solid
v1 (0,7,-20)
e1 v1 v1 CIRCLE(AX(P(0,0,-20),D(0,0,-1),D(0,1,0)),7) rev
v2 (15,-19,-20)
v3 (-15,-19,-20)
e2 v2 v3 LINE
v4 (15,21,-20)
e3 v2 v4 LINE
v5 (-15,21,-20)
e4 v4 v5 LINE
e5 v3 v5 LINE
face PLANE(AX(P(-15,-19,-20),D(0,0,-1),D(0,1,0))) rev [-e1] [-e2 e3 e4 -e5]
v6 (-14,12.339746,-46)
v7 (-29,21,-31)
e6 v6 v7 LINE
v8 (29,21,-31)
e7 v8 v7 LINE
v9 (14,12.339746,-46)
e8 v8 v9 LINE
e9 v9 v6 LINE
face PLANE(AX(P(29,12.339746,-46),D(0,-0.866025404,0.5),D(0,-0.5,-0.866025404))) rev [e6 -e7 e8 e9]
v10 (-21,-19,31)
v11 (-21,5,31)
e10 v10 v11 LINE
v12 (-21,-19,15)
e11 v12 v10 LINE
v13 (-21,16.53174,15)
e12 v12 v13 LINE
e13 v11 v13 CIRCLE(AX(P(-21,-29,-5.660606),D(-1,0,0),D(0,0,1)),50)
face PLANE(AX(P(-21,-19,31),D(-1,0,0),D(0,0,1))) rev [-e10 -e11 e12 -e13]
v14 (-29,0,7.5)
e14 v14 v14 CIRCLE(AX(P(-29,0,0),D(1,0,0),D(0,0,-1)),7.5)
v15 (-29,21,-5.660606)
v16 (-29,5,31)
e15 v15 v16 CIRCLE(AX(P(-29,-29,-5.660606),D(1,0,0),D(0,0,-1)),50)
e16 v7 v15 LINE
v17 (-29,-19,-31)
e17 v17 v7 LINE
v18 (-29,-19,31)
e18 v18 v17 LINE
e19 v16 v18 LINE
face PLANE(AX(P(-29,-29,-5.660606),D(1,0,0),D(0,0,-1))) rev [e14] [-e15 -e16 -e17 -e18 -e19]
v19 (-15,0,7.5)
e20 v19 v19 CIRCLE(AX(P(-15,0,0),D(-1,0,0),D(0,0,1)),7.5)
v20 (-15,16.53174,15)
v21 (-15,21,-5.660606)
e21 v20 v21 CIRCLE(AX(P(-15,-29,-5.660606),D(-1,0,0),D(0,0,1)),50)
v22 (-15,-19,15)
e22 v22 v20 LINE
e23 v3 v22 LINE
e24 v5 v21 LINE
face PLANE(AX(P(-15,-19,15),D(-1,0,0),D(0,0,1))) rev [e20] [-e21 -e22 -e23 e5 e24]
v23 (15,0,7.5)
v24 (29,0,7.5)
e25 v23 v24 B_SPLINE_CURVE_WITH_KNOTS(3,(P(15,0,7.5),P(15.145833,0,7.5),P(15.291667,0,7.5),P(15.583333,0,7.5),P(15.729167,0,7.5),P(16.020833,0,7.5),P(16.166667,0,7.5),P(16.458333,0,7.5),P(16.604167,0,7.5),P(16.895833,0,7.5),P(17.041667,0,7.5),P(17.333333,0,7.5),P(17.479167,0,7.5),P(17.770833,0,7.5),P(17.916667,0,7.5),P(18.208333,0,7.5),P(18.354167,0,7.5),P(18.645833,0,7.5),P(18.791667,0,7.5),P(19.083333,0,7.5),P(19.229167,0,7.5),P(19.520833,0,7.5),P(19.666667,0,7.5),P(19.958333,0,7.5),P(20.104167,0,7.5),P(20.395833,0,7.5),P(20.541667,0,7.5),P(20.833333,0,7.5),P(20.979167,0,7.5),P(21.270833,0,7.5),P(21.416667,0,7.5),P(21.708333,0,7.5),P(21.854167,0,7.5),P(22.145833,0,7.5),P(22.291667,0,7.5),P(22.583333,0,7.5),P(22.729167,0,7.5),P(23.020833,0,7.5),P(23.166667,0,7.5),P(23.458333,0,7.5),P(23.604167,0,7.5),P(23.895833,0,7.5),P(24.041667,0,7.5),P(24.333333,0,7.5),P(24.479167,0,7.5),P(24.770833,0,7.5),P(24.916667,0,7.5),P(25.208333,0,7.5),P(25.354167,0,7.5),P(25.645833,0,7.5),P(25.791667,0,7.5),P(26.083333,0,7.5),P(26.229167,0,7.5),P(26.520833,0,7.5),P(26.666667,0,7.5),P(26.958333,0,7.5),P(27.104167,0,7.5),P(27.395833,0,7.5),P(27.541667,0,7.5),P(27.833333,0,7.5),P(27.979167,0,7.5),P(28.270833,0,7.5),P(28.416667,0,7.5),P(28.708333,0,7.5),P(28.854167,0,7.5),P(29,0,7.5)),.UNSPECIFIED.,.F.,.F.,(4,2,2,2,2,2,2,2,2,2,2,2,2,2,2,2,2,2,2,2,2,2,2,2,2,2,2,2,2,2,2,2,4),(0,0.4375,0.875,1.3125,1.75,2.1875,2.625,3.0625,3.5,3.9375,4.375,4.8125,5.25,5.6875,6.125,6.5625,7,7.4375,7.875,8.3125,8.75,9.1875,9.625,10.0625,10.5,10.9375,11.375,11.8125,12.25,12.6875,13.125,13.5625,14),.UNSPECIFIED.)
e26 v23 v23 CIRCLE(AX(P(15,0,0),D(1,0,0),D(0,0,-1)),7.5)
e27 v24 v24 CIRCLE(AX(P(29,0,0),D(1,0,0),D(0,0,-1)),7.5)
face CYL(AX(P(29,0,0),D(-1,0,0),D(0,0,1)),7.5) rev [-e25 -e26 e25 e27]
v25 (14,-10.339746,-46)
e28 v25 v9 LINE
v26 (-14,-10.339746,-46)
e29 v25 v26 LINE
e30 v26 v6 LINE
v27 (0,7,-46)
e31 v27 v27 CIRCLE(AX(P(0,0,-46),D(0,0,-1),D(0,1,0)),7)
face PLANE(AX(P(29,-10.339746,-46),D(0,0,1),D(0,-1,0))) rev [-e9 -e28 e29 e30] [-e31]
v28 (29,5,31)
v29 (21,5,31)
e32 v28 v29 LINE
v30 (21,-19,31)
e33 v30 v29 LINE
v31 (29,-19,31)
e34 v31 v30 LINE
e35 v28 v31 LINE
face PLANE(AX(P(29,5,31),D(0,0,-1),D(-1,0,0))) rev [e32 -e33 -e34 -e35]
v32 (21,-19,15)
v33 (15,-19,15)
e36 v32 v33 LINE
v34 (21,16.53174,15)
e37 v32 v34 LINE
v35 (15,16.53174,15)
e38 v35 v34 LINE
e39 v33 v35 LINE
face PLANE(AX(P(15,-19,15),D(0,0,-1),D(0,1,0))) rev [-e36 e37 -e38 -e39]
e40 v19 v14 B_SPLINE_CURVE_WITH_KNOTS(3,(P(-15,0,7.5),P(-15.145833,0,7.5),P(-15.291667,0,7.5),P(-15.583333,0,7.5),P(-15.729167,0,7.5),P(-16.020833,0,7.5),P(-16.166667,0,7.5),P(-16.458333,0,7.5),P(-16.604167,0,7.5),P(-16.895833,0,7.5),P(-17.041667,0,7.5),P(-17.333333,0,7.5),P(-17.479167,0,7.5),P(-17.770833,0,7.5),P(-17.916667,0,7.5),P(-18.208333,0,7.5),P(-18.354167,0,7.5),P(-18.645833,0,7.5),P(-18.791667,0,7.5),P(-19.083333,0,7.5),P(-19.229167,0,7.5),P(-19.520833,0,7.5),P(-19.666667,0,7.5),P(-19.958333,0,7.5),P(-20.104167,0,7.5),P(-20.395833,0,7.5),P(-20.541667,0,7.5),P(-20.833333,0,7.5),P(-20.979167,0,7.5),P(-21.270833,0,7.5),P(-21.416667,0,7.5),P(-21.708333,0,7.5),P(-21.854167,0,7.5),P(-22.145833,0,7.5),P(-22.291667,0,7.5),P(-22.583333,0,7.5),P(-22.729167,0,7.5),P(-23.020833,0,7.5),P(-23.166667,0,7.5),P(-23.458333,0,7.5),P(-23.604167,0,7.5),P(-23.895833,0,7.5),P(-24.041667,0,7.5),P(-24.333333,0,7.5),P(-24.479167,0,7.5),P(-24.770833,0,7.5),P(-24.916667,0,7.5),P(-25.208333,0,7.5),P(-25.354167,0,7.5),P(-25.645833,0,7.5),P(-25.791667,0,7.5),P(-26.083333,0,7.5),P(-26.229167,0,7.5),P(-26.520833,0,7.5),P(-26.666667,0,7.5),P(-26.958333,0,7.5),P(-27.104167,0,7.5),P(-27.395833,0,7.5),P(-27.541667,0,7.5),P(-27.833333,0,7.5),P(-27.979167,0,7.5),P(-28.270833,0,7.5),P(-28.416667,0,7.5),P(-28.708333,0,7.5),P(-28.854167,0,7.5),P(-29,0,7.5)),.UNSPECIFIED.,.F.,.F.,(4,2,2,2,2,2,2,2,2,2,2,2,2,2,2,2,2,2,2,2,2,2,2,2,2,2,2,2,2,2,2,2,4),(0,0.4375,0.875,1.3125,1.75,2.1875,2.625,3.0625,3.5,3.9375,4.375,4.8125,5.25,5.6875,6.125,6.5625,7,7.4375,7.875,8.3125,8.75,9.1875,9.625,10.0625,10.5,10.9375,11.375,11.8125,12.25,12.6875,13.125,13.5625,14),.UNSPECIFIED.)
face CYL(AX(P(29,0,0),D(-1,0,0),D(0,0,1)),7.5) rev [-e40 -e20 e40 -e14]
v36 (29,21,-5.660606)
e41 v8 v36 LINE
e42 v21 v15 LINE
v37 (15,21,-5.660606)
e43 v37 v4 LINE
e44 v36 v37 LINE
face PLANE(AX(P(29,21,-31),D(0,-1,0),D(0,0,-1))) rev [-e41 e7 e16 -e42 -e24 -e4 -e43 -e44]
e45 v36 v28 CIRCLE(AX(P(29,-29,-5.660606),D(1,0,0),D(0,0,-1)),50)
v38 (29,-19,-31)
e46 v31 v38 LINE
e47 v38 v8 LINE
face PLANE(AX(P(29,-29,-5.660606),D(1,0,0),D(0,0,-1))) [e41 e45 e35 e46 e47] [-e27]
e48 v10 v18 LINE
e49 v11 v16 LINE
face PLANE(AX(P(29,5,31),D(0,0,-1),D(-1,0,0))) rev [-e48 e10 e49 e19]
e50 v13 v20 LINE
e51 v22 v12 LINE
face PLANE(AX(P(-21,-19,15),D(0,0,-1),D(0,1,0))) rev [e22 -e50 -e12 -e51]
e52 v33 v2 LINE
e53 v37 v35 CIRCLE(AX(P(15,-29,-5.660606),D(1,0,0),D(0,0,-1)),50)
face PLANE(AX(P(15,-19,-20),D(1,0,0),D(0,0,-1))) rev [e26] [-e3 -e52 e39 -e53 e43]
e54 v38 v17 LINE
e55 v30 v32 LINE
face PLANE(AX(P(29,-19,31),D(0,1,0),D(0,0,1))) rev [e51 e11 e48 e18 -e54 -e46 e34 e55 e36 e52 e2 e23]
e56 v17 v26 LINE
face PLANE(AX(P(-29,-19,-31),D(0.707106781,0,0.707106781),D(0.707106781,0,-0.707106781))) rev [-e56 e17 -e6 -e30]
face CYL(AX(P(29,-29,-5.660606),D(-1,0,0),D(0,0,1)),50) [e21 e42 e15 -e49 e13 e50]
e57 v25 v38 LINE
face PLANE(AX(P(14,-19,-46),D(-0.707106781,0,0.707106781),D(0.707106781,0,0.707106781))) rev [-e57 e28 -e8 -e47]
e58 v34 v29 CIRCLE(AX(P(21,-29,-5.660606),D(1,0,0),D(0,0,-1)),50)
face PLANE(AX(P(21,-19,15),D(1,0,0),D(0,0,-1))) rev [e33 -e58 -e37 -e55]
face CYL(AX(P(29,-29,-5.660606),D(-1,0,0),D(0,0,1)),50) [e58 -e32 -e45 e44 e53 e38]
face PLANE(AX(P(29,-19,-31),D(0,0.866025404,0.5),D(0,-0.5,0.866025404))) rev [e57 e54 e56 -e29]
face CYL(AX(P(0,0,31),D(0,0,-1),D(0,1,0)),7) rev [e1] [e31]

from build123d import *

# Parameters (mm, degrees)
SKETCH1_R           = 7.5
BOSS_EXTRUDE1_DEPTH = 29
CUT_EXTRUDE1_DEPTH  = 68.505555327
SKETCH3_R           = 7
CUT_EXTRUDE2_DEPTH  = 85.917607126
CUT_EXTRUDE3_DEPTH  = 68.505555438


with BuildPart() as part:
    # Sketch1 → Boss-Extrude1 (new, symmetric)
    with BuildSketch(Plane(origin=(0, 0, 0), x_dir=(0, 0, -1), z_dir=(1, 0, 0))):
        with BuildLine():
            Line((-31, 5), (-31, -19))
            Line((-31, -19), (31, -19))
            Line((31, -19), (46, -10.339745962))
            Line((46, -10.339745962), (46, 12.339745962))
            Line((46, 12.339745962), (31, 21))
            Line((31, 21), (5.66060556, 21))
            ThreePointArc((5.66060556, 21), (-14.33939444, 16.82575695), (-31, 5))
        make_face()
        with Locations(Location((0, 0, 0), (0, 0, 180))):
            Circle(SKETCH1_R, mode=Mode.SUBTRACT)
    extrude(amount=BOSS_EXTRUDE1_DEPTH, both=True)

    # Sketch2 → Cut-Extrude1 (cut, through all)
    with BuildSketch(Plane(origin=(0, 21, 0), x_dir=(1, 0, 0), z_dir=(0, 1, 0))):
        Polygon((-29, 31), (-14, 46), (-29, 46), align=None)
        Polygon((29, 31), (29, 46), (14, 46), align=None)
    extrude(amount=-CUT_EXTRUDE1_DEPTH, mode=Mode.SUBTRACT)

    # Sketch3 → Cut-Extrude2 (cut, through all)
    with BuildSketch(Plane(origin=(0, 0, -46), x_dir=(-1, 0, 0), z_dir=(0, 0, -1))):
        with Locations(Location((0, 0, 0), (0, 0, 90))):
            Circle(SKETCH3_R)
    extrude(amount=-CUT_EXTRUDE2_DEPTH, mode=Mode.SUBTRACT)

    # Sketch4 → Cut-Extrude3 (cut, through all)
    with BuildSketch(Plane(origin=(0, 21, 0), x_dir=(1, 0, 0), z_dir=(0, 1, 0))):
        Polygon((-21, -31), (21, -31), (21, -15), (15, -15), (15, 20), (-15, 20), (-15, -15), (-21, -15), align=None)
    extrude(amount=-CUT_EXTRUDE3_DEPTH, mode=Mode.SUBTRACT)


solid = part.part
